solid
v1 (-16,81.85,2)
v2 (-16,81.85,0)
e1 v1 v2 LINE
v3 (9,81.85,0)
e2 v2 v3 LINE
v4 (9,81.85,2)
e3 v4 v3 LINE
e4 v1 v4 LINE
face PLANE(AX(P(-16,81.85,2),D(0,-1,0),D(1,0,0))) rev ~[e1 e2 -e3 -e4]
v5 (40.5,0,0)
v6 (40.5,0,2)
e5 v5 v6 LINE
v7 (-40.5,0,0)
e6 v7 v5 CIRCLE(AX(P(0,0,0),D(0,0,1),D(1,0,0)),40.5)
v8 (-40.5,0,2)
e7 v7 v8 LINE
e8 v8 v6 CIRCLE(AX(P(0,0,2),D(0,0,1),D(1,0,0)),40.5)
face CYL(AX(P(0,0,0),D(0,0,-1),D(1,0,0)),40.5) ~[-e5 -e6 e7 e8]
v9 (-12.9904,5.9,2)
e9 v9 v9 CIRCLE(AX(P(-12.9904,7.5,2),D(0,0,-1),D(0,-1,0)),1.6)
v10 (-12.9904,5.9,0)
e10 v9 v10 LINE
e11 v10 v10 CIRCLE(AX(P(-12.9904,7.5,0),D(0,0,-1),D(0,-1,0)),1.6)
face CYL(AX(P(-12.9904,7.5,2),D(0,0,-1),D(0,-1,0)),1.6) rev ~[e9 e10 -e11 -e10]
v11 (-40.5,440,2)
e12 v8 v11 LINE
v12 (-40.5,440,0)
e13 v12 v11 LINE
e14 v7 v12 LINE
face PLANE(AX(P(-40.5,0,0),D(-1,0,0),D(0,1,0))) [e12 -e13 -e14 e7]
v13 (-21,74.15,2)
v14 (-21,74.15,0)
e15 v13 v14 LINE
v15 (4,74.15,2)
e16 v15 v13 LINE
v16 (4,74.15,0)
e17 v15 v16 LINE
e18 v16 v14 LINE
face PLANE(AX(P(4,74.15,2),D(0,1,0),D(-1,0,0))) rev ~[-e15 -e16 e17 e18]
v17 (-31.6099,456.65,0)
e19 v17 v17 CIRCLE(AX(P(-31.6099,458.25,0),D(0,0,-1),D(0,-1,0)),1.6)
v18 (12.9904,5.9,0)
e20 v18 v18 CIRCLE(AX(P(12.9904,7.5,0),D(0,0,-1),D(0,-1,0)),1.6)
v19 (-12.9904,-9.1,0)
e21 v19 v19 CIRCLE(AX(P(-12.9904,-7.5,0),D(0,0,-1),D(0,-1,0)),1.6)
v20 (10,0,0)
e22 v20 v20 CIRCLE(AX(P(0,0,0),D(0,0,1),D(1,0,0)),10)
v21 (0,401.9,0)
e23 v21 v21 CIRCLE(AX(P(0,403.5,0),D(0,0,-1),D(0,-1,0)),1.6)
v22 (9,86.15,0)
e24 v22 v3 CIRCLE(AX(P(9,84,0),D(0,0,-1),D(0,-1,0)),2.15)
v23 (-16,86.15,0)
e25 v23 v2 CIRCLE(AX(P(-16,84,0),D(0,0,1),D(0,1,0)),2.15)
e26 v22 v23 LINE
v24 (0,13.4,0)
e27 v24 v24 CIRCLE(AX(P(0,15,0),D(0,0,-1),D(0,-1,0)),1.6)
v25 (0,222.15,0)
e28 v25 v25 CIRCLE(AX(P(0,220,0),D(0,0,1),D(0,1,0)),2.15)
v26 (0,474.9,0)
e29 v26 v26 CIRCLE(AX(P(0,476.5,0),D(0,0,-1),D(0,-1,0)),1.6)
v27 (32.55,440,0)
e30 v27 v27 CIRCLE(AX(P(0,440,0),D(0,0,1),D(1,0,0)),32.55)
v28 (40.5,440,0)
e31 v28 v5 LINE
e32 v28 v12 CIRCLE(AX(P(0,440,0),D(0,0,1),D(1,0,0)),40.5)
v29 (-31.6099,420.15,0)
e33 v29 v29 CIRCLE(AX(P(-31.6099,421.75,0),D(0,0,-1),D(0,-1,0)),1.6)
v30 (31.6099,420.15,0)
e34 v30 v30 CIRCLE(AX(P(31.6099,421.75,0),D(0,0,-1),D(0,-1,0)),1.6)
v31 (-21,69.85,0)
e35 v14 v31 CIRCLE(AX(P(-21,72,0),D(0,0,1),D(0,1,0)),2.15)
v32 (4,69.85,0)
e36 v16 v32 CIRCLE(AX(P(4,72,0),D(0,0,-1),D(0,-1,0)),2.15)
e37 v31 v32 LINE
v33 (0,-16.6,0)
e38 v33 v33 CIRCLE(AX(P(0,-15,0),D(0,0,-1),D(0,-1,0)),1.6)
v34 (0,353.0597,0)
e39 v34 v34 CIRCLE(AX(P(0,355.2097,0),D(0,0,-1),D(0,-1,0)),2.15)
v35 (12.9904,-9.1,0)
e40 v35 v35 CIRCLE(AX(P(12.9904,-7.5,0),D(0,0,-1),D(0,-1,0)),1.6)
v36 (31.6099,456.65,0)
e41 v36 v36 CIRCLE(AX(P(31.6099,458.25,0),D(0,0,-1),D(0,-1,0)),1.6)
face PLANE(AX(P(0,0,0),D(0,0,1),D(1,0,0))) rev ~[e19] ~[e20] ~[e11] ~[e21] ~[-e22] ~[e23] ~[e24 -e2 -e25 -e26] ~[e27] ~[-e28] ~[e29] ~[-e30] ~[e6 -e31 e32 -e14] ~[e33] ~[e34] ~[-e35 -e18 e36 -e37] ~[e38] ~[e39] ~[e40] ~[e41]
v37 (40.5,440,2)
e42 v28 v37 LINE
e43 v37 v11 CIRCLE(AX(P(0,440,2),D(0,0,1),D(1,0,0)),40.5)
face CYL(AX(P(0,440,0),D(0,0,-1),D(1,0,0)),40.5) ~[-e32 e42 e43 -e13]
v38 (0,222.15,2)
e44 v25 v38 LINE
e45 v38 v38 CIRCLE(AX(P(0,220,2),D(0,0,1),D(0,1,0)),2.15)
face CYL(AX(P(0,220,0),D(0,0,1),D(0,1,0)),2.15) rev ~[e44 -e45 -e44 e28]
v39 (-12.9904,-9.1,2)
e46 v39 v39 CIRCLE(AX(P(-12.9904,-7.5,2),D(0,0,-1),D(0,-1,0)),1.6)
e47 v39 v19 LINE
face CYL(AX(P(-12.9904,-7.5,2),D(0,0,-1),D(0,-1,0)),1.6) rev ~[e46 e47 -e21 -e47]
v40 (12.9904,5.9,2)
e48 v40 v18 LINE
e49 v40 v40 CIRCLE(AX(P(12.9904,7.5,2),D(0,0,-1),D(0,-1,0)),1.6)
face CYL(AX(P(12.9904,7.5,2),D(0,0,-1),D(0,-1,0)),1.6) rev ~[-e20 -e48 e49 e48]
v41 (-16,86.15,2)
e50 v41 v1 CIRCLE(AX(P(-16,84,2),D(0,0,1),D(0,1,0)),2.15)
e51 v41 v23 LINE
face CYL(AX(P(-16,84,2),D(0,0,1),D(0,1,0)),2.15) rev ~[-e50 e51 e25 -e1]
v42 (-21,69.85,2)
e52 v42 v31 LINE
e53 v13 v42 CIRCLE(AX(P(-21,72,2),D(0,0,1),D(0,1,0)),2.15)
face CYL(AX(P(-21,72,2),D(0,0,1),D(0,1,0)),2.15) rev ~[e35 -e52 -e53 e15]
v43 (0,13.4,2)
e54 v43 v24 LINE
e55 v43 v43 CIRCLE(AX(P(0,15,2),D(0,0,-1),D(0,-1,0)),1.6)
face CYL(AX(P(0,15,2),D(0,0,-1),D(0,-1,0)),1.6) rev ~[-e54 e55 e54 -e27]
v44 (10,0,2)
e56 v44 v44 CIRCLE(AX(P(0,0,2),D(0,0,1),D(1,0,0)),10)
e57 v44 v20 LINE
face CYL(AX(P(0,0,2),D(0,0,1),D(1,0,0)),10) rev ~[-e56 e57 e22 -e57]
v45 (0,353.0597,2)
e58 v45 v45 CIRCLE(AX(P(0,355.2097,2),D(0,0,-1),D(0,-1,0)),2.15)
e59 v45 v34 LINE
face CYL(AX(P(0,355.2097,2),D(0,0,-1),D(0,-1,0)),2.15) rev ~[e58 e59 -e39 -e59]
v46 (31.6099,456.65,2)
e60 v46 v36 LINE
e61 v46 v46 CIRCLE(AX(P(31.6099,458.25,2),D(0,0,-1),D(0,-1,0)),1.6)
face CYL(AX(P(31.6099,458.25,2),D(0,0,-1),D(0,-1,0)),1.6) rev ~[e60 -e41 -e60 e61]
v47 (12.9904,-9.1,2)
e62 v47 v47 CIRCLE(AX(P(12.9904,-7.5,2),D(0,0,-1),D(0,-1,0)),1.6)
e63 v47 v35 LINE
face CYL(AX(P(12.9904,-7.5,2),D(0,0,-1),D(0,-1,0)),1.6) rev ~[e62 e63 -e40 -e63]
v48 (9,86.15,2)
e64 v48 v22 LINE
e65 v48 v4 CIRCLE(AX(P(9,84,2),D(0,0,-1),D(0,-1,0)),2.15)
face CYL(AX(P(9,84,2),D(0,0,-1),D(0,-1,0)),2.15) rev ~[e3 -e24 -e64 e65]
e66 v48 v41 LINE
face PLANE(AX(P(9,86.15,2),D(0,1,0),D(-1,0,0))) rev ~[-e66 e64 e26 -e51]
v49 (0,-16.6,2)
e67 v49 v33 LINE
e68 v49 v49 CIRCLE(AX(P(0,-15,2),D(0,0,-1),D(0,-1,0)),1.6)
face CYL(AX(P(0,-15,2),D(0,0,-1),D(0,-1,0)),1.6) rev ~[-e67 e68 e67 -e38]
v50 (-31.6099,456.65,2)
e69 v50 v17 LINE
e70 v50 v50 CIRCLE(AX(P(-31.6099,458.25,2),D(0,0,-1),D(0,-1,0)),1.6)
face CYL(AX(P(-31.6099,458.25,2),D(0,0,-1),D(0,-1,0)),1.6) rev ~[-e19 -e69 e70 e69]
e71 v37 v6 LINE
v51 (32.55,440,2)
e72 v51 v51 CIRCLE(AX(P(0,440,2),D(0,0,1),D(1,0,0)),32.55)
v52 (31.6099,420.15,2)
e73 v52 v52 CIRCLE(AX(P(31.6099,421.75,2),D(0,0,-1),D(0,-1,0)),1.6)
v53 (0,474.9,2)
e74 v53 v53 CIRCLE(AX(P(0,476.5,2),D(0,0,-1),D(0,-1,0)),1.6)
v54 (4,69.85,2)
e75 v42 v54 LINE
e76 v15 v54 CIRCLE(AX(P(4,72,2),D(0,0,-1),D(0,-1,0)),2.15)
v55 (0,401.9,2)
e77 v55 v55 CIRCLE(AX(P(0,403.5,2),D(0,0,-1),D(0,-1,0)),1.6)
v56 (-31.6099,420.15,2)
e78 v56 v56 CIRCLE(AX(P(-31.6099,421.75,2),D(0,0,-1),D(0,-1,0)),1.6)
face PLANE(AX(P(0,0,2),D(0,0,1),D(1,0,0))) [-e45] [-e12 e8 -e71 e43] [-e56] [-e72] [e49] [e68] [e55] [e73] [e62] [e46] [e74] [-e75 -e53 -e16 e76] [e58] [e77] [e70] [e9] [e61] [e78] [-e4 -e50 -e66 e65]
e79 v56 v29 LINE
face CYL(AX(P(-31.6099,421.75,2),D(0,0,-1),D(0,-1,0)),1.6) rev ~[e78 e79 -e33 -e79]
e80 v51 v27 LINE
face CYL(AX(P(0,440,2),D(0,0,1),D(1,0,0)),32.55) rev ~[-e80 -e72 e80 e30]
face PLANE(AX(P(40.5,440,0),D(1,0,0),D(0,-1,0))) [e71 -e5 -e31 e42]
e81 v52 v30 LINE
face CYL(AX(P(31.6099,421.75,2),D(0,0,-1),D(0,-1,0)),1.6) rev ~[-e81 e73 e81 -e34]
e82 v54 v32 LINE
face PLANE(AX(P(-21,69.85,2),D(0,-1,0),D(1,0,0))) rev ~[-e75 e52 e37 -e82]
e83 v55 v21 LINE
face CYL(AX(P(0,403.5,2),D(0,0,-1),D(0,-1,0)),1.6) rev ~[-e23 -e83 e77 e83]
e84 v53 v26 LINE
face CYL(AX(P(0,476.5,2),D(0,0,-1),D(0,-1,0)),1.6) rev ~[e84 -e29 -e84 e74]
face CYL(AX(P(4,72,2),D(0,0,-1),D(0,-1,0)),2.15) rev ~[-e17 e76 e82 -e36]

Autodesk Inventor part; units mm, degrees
ref_plane "YZ Plane" through (0, 0, 0) normal (1, 0, 0) x (0, 1, 0)
ref_plane "XZ Plane" through (0, 0, 0) normal (0, 1, 0) x (-1, 0, 0)
ref_plane "XY Plane" through (0, 0, 0) normal (0, 0, 1) x (1, 0, 0)
sketch "スケッチ1" plane through (0, 0, 0) normal (0, 0, 1) x (1, 0, 0)
  circle A0 centre (0, 0) radius 40.5
  circle A1 centre (0, 440) radius 40.5
  line L0 (-40.5, 0) -> (-40.5, 440)
  line L1 (40.5, 440) -> (40.5, 0)
  dimension "d0" = 81
  dimension "d1" = 81
  dimension "d2" = 440
extrude "プレート1" add sketch "スケッチ1" along normal blind 2
sketch "スケッチ6" plane through (0, 0, 2) normal (0, 0, 1) x (1, 0, 0)
  arc A0 (40.5, 440) -> (-40.5, 440) centre (0, 440) ccw projected
  circle A1 centre (0, 440) radius 32.55
  point P0 (0, 0)
  dimension "d43" = 65.1
extrude "押し出し2" cut sketch "スケッチ6" against normal blind 10
sketch "スケッチ7" plane through (0, 0, 2) normal (0, 0, 1) x (1, 0, 0)
  arc A0 (40.5, 440) -> (-40.5, 440) centre (0, 440) ccw projected
  circle A1 centre (0, 440) radius 36.5
  point P0 (0, 0)
  point P1 (0, 476.5)
  point P2 (-31.6099, 458.25)
  point P3 (-31.6099, 421.75)
  point P4 (0, 403.5)
  point P5 (31.6099, 421.75)
  point P6 (31.6099, 458.25)
  dimension "d46" = 73
  dimension "d49" = 360
hole "穴4" at (0, 476.5, 2) at (-31.6099, 458.25, 2) at (-31.6099, 421.75, 2) at (0, 403.5, 2) at (31.6099, 421.75, 2) at (31.6099, 458.25, 2) direction (0, 0, -1) diameter 3.2 end through all clearance for "Socket Head Cap Screw" size "M3" standard "Ansi Metric M Profile"
sketch "スケッチ8" plane through (0, 0, 2) normal (0, 0, 1) x (1, 0, 0)
  arc A0 (40.5, 440) -> (-40.5, 440) centre (0, 440) ccw projected
  circle A1 centre (0, 440) radius 25
  line L0 (23.4923, 431.4495) -> (-32.7335, 276.9703)
  line L1 (-23.4923, 448.5505) -> (-36.9957, 411.4503)
  line L2 (0, 603.9) -> (0, -147.9) projected
  circle A2 centre (0, 355.2097) radius 4
  point P0 (0, 0)
  point P1 (4, 72)
  dimension "d92" = 50
  dimension "d93" = 20
  dimension "d94" = 8
  dimension "d102" = 0
  dimension "d140" = 72
  dimension "d141" = 4
hole "穴5" at (4, 72, 2) at (0, 355.2097, 2) direction (0, 0, -1) diameter 4.3 end through all clearance for "Socket Head Cap Screw" size "M4" standard "Ansi Metric M Profile"
sketch "スケッチ9" plane through (0, 0, 2) normal (0, 0, 1) x (1, 0, 0)
  circle A0 centre (0, 0) radius 67.5
  circle A1 centre (9, 84) radius 8
  arc A2 (40.5, 440) -> (-40.5, 440) centre (0, 440) ccw projected
  dimension "d69" = 84
  dimension "d79" = 135
  dimension "d80" = 16
  dimension "d144" = 9
hole "穴6" at (9, 84, 2) direction (0, 0, -1) diameter 4.3 end through all clearance for "Flat Head Machine Screw" size "M4" standard "Ansi Metric M Profile"
sketch "スケッチ13" plane through (0, 0, 2) normal (0, 0, 1) x (1, 0, 0)
  circle A0 centre (0, 0) radius 15
  point P0 (0, 15)
  point P1 (-12.9904, 7.5)
  point P2 (-12.9904, -7.5)
  point P3 (0, -15)
  point P4 (12.9904, -7.5)
  point P5 (12.9904, 7.5)
  dimension "d109" = 30
  dimension "d112" = 360
hole "穴8" at (0, 15, 2) at (-12.9904, 7.5, 2) at (-12.9904, -7.5, 2) at (0, -15, 2) at (12.9904, -7.5, 2) at (12.9904, 7.5, 2) direction (0, 0, -1) diameter 3.2 end through all clearance for "Flat Head Machine Screw" size "M3" standard "Ansi Metric M Profile"
sketch "スケッチ14" plane through (0, 0, 2) normal (0, 0, 1) x (1, 0, 0)
  circle A0 centre (0, 0) radius 10
  dimension "d121" = 20
extrude "押し出し5" cut sketch "スケッチ14" against normal blind 10
sketch "スケッチ15" plane through (0, 0, 2) normal (0, 0, 1) x (1, 0, 0)
  line L0 (-16, 84) -> (9, 84) construction
  line L1 (-16, 81.85) -> (9, 81.85)
  line L2 (9, 86.15) -> (-16, 86.15)
  arc A0 (-16, 86.15) -> (-16, 81.85) centre (-16, 84) ccw
  arc A1 (9, 81.85) -> (9, 86.15) centre (9, 84) ccw
  circle A2 centre (9, 84) radius 2.15 projected
  point P0 (0, 0)
  dimension "d142" = 25
extrude "押し出し6" cut sketch "スケッチ15" against normal blind 10
sketch "スケッチ17" plane through (0, 0, 0) normal (0, 0, -1) x (-1, 0, 0)
  point P0 (0, 0)
  point P1 (0, 220)
  dimension "d132" = 220
hole "穴9" at (0, 220, 0) direction (0, 0, 1) diameter 4.3 end through all clearance for "Flat Head Machine Screw" size "M4" standard "Ansi Metric M Profile"
sketch "スケッチ16" plane through (0, 0, 2) normal (0, 0, 1) x (1, 0, 0)
  line L0 (-21, 72) -> (4, 72) construction
  line L1 (-21, 69.85) -> (4, 69.85)
  line L2 (4, 74.15) -> (-21, 74.15)
  arc A0 (-21, 74.15) -> (-21, 69.85) centre (-21, 72) ccw
  arc A1 (4, 69.85) -> (4, 74.15) centre (4, 72) ccw
  circle A2 centre (4, 72) radius 2.15 projected
  point P0 (0, 0)
  point P1 (-8.5, 72)
  dimension "d143" = 21
extrude "押し出し7" cut sketch "スケッチ16" against normal blind 10
equation "\"d56\" = Thickness"
equation "\"d67\" = Thickness"
equation "\"d77\" = Thickness"
equation "\"d119\" = Thickness"
equation "\"d138\" = Thickness"
equation "\"d3\" = Thickness"
equation "\"BendRadius\" = Thickness"
equation "\"BendReliefWidth\" = Thickness"
equation "\"BendReliefDepth\" = 0.5 * Thickness"
equation "\"CornerReliefSize\" = 4 * Thickness"
equation "\"MinimumRemnant\" = 2 * Thickness"
equation "\"TransitionRadius\" = BendRadius"
equation "\"JacobiRadiusSize\" = Thickness"
equation "\"GapSize\" = Thickness"
equation "\"Thickness\" = 2"
properties part number "link2-plate1" material "CFRP"
